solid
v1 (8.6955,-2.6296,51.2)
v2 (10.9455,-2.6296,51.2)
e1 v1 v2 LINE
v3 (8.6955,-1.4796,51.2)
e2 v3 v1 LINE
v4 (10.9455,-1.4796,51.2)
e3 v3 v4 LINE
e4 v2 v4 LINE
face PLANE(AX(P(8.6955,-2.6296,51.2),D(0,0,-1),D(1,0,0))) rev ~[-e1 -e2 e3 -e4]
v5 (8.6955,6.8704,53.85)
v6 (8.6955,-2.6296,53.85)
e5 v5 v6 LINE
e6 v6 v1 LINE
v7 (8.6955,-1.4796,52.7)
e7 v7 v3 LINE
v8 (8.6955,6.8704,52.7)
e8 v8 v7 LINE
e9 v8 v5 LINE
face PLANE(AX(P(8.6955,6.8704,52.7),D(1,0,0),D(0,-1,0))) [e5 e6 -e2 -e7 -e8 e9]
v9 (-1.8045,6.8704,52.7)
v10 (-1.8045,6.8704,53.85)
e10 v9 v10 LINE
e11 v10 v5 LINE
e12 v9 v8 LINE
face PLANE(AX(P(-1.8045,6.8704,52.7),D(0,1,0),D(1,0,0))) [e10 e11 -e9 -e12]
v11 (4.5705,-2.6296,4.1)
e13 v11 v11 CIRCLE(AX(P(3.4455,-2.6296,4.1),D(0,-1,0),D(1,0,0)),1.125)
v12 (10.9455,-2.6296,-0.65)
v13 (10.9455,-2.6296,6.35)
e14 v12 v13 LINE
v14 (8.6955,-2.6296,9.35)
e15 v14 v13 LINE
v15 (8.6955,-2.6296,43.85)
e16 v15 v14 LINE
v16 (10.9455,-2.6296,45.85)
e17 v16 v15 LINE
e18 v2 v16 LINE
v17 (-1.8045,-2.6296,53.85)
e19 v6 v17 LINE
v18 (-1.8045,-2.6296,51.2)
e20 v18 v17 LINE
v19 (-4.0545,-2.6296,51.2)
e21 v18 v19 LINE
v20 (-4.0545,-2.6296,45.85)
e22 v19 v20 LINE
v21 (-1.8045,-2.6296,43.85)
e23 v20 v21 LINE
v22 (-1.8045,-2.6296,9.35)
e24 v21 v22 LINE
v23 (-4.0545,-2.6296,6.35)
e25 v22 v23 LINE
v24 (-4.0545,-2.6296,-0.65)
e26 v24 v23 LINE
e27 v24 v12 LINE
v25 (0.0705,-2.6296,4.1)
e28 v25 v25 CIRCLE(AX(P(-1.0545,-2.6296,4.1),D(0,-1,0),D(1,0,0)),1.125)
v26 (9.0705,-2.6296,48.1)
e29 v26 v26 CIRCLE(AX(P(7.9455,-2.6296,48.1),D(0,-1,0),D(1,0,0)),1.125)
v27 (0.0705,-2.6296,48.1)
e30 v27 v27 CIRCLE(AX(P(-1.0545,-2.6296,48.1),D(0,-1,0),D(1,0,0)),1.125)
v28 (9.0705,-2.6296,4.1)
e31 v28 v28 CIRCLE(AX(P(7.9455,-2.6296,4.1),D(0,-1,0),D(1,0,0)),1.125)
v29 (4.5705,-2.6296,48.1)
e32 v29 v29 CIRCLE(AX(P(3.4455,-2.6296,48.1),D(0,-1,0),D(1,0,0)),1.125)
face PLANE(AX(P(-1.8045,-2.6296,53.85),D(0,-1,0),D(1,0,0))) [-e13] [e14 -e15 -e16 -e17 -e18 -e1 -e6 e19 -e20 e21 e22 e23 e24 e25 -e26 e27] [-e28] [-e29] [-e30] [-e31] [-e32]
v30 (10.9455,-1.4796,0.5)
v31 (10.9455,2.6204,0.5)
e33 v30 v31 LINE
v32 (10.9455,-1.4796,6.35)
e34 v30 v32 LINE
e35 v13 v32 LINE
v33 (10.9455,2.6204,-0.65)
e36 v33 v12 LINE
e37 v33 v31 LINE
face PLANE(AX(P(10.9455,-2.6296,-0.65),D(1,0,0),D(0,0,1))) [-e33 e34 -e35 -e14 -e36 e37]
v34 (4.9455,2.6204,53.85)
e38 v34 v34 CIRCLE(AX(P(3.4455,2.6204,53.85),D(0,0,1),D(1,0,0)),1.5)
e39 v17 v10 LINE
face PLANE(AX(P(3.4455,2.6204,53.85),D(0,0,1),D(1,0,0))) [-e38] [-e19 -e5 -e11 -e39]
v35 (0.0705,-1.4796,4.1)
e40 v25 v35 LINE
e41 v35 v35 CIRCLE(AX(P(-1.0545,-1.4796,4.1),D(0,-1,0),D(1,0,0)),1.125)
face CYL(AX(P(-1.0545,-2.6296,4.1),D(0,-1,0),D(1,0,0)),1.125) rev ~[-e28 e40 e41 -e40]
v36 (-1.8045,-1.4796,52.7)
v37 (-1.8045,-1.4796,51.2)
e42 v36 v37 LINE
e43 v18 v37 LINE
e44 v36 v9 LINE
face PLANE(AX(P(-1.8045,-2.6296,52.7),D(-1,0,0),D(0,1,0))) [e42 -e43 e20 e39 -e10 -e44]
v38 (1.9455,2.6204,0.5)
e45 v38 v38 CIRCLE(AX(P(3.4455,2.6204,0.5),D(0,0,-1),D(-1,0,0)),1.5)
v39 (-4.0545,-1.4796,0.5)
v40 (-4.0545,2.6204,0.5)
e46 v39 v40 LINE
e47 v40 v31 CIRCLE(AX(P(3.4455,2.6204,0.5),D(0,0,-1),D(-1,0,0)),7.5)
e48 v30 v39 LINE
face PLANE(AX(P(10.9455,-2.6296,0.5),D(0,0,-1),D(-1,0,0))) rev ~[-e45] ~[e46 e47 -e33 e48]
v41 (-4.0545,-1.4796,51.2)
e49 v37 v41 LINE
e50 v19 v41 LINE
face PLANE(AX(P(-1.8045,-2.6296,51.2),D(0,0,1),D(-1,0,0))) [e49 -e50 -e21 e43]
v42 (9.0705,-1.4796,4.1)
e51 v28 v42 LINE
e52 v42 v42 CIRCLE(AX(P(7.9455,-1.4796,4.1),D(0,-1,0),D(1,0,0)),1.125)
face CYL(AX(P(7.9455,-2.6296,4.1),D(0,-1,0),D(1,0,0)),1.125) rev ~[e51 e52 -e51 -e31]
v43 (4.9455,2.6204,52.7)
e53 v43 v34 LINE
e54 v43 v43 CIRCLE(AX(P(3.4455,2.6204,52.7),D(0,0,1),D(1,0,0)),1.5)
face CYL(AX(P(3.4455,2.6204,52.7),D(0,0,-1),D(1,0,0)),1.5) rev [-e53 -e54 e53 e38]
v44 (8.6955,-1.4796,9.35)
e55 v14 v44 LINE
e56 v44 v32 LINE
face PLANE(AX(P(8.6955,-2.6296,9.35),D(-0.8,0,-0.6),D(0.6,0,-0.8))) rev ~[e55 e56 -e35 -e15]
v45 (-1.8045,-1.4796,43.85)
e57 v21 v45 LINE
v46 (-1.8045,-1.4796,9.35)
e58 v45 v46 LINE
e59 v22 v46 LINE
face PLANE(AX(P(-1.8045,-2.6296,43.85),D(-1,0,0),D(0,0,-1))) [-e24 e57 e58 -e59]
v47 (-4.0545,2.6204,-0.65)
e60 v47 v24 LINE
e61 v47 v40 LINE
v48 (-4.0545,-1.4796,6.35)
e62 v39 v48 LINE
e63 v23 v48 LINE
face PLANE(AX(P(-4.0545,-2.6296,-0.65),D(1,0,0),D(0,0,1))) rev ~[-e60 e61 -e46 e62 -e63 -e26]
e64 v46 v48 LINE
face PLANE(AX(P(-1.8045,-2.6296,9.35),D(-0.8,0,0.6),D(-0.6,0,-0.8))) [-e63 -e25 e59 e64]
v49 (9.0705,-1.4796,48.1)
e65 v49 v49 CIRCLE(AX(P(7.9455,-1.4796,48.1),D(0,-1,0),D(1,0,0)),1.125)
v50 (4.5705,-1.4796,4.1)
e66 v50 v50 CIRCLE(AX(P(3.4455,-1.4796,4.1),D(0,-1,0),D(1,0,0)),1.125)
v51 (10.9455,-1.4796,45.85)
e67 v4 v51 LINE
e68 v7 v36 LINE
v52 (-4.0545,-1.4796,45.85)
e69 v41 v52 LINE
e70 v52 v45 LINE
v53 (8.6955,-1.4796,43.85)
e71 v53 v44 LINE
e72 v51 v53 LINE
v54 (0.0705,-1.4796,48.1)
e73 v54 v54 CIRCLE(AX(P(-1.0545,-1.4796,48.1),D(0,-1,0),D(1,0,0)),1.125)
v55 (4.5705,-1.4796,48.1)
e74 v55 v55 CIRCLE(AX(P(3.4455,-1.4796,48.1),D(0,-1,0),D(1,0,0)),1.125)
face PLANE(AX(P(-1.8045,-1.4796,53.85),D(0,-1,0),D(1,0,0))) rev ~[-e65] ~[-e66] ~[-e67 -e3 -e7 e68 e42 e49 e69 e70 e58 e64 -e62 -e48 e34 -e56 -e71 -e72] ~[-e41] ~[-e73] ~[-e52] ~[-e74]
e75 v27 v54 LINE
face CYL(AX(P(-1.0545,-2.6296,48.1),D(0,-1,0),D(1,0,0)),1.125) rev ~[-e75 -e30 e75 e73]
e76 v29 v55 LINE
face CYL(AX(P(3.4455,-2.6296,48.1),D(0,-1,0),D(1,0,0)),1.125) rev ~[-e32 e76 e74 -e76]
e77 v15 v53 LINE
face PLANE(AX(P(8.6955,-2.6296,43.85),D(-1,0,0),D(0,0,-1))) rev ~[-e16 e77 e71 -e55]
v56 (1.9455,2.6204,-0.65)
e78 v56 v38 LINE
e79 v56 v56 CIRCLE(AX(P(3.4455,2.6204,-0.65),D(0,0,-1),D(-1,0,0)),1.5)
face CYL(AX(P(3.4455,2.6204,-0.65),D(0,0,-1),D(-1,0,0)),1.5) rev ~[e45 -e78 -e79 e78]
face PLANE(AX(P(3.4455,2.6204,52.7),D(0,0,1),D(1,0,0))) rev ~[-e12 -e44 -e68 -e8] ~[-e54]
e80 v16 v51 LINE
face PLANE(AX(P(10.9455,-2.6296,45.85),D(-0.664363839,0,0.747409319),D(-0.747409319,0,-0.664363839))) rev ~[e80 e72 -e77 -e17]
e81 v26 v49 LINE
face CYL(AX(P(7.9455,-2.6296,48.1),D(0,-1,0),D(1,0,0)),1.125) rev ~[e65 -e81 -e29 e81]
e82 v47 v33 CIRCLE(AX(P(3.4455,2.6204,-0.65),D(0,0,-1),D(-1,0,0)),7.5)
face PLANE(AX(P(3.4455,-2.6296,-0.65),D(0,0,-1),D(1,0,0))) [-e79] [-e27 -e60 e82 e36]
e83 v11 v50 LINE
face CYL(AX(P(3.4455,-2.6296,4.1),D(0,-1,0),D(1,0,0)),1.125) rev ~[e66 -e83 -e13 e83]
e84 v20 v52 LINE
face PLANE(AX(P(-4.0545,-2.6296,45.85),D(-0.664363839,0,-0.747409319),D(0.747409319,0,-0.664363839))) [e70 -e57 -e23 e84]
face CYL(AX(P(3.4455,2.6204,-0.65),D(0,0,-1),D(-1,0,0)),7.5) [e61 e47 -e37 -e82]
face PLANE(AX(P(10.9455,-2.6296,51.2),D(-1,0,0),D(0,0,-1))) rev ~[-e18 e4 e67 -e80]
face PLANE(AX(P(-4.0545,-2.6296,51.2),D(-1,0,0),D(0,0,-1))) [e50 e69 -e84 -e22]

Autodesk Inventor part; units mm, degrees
ref_plane "YZ Plane" through (0, 0, 0) normal (1, 0, 0) x (0, 1, 0)
ref_plane "XZ Plane" through (0, 0, 0) normal (0, 1, 0) x (-1, 0, 0)
ref_plane "XY Plane" through (0, 0, 0) normal (0, 0, 1) x (1, 0, 0)
ref_plane "Work Plane1" through (3.4455, 2.6204, 52.7) normal (0, 0, 1) x (1, 0, 0)
sketch "Sketch1" plane through (3.4455, 2.6204, 52.7) normal (0, 0, 1) x (1, 0, 0)
  circle A0 centre (0, 0) radius 1.5 projected
  line L0 (-5.25, 4.25) -> (5.25, 4.25)
  line L1 (5.25, 4.25) -> (5.25, -5.25)
  line L2 (5.25, -5.25) -> (-5.25, -5.25)
  line L3 (-5.25, -5.25) -> (-5.25, 4.25)
  point P0 (-3.4455, -2.6204)
  dimension "d2" = 10.5
  dimension "d4" = 4.25
  dimension "d6" = 5.25
  dimension "d7" = 9.5
extrude "Extrusion1" add sketch "Sketch1" along normal blind 1.15
sketch "Sketch2" plane through (3.4455, 2.6204, 52.7) normal (0, 0, -1) x (-1, 0, 0)
  line L0 (-5.25, 4.25) -> (-5.25, -5.25) projected
  line L1 (-5.25, -5.25) -> (5.25, -5.25) projected
  line L2 (5.25, -5.25) -> (5.25, 4.25) projected
  line L3 (-5.25, -5.25) -> (-5.25, -4.1)
  line L4 (-5.25, -4.1) -> (5.25, -4.1)
  point P0 (3.4455, -2.6204)
  dimension "d10" = 1.15
extrude "Extrusion2" add sketch "Sketch2" along normal blind 1.5
sketch "Sketch3" plane through (-1.8045, -2.6296, 53.85) normal (0, -1, 0) x (1, 0, 0)
  line L0 (0, 0) -> (10.5, 0) projected
  line L1 (10.5, -2.65) -> (0, -2.65) projected
  line L2 (5.25, -54.5) -> (12.75, -54.5)
  line L3 (5.25, 0) -> (5.25, -54.5) construction
  line L4 (12.75, -54.5) -> (12.75, -47.5)
  line L5 (10.5, -10) -> (10.5, -44.5)
  line L6 (12.75, -2.65) -> (12.75, -8)
  line L7 (5.25, -2.65) -> (12.75, -2.65)
  line L8 (12.75, -8) -> (10.5, -10)
  line L9 (10.5, -44.5) -> (12.75, -47.5)
  line L10 (5.25, -54.5) -> (-2.25, -54.5)
  line L11 (-2.25, -54.5) -> (-2.25, -47.5)
  line L12 (0, -10) -> (0, -44.5)
  line L13 (-2.25, -2.65) -> (-2.25, -8)
  line L14 (5.25, -2.65) -> (-2.25, -2.65)
  line L15 (-2.25, -8) -> (0, -10)
  line L16 (0, -44.5) -> (-2.25, -47.5)
  circle A0 centre (5.25, -5.75) radius 1.125
  circle A1 centre (0.75, -5.75) radius 1.125
  circle A2 centre (9.75, -5.75) radius 1.125
  circle A3 centre (0.75, -49.75) radius 1.125
  circle A4 centre (9.75, -49.75) radius 1.125
  circle A5 centre (5.25, -49.75) radius 1.125
  dimension "d13" = 54.5
  dimension "d15" = 7.5
  dimension "d16" = 7
  dimension "d17" = 10
  dimension "d18" = 34.5
  dimension "d19" = 5.25
  dimension "d20" = 8
  dimension "d21" = 7.5
  dimension "d24" = 2.25
  dimension "d25" = 5.75
  dimension "d26" = 2.25
  dimension "d27" = 4.5
  dimension "d28" = 2.25
  dimension "d29" = 4.5
  dimension "d30" = 4.75
  dimension "d32" = 5.75
  dimension "d33" = 4.5
  dimension "d34" = 2.25
  dimension "d35" = 2.25
  dimension "d36" = 2.25
extrude "Extrusion3" add sketch "Sketch3" against normal blind 1.15
sketch "Sketch4" plane through (10.9455, -2.6296, -0.65) normal (0, 0, -1) x (-1, 0, 0)
  line L0 (2.25, 1.15) -> (12.75, 1.15) projected
  line L1 (12.75, 1.15) -> (12.75, 9.5) projected
  line L2 (12.75, 9.5) -> (2.25, 9.5) projected
  line L3 (2.25, 9.5) -> (2.25, 1.15) projected
  circle A0 centre (7.5, 5.25) radius 1.5 projected
  line L4 (0, 1.15) -> (0, 5.25)
  line L5 (15, 1.15) -> (15, 5.25)
  line L6 (0, 1.15) -> (15, 1.15)
  circle A1 centre (7.5, 5.25) radius 1.5
  arc A2 (1.2199, 1.15) -> (13.7801, 1.15) centre (7.5, 5.25) ccw
  arc A3 (15, 5.25) -> (0, 5.25) centre (7.5, 5.25) ccw
  point P0 (10.9455, 2.6296)
extrude "Extrusion4" add sketch "Sketch4" against normal blind 1.15 contours L3 L2 L1 L0 | L6 L4 A3 L5 L1 L2 L3
